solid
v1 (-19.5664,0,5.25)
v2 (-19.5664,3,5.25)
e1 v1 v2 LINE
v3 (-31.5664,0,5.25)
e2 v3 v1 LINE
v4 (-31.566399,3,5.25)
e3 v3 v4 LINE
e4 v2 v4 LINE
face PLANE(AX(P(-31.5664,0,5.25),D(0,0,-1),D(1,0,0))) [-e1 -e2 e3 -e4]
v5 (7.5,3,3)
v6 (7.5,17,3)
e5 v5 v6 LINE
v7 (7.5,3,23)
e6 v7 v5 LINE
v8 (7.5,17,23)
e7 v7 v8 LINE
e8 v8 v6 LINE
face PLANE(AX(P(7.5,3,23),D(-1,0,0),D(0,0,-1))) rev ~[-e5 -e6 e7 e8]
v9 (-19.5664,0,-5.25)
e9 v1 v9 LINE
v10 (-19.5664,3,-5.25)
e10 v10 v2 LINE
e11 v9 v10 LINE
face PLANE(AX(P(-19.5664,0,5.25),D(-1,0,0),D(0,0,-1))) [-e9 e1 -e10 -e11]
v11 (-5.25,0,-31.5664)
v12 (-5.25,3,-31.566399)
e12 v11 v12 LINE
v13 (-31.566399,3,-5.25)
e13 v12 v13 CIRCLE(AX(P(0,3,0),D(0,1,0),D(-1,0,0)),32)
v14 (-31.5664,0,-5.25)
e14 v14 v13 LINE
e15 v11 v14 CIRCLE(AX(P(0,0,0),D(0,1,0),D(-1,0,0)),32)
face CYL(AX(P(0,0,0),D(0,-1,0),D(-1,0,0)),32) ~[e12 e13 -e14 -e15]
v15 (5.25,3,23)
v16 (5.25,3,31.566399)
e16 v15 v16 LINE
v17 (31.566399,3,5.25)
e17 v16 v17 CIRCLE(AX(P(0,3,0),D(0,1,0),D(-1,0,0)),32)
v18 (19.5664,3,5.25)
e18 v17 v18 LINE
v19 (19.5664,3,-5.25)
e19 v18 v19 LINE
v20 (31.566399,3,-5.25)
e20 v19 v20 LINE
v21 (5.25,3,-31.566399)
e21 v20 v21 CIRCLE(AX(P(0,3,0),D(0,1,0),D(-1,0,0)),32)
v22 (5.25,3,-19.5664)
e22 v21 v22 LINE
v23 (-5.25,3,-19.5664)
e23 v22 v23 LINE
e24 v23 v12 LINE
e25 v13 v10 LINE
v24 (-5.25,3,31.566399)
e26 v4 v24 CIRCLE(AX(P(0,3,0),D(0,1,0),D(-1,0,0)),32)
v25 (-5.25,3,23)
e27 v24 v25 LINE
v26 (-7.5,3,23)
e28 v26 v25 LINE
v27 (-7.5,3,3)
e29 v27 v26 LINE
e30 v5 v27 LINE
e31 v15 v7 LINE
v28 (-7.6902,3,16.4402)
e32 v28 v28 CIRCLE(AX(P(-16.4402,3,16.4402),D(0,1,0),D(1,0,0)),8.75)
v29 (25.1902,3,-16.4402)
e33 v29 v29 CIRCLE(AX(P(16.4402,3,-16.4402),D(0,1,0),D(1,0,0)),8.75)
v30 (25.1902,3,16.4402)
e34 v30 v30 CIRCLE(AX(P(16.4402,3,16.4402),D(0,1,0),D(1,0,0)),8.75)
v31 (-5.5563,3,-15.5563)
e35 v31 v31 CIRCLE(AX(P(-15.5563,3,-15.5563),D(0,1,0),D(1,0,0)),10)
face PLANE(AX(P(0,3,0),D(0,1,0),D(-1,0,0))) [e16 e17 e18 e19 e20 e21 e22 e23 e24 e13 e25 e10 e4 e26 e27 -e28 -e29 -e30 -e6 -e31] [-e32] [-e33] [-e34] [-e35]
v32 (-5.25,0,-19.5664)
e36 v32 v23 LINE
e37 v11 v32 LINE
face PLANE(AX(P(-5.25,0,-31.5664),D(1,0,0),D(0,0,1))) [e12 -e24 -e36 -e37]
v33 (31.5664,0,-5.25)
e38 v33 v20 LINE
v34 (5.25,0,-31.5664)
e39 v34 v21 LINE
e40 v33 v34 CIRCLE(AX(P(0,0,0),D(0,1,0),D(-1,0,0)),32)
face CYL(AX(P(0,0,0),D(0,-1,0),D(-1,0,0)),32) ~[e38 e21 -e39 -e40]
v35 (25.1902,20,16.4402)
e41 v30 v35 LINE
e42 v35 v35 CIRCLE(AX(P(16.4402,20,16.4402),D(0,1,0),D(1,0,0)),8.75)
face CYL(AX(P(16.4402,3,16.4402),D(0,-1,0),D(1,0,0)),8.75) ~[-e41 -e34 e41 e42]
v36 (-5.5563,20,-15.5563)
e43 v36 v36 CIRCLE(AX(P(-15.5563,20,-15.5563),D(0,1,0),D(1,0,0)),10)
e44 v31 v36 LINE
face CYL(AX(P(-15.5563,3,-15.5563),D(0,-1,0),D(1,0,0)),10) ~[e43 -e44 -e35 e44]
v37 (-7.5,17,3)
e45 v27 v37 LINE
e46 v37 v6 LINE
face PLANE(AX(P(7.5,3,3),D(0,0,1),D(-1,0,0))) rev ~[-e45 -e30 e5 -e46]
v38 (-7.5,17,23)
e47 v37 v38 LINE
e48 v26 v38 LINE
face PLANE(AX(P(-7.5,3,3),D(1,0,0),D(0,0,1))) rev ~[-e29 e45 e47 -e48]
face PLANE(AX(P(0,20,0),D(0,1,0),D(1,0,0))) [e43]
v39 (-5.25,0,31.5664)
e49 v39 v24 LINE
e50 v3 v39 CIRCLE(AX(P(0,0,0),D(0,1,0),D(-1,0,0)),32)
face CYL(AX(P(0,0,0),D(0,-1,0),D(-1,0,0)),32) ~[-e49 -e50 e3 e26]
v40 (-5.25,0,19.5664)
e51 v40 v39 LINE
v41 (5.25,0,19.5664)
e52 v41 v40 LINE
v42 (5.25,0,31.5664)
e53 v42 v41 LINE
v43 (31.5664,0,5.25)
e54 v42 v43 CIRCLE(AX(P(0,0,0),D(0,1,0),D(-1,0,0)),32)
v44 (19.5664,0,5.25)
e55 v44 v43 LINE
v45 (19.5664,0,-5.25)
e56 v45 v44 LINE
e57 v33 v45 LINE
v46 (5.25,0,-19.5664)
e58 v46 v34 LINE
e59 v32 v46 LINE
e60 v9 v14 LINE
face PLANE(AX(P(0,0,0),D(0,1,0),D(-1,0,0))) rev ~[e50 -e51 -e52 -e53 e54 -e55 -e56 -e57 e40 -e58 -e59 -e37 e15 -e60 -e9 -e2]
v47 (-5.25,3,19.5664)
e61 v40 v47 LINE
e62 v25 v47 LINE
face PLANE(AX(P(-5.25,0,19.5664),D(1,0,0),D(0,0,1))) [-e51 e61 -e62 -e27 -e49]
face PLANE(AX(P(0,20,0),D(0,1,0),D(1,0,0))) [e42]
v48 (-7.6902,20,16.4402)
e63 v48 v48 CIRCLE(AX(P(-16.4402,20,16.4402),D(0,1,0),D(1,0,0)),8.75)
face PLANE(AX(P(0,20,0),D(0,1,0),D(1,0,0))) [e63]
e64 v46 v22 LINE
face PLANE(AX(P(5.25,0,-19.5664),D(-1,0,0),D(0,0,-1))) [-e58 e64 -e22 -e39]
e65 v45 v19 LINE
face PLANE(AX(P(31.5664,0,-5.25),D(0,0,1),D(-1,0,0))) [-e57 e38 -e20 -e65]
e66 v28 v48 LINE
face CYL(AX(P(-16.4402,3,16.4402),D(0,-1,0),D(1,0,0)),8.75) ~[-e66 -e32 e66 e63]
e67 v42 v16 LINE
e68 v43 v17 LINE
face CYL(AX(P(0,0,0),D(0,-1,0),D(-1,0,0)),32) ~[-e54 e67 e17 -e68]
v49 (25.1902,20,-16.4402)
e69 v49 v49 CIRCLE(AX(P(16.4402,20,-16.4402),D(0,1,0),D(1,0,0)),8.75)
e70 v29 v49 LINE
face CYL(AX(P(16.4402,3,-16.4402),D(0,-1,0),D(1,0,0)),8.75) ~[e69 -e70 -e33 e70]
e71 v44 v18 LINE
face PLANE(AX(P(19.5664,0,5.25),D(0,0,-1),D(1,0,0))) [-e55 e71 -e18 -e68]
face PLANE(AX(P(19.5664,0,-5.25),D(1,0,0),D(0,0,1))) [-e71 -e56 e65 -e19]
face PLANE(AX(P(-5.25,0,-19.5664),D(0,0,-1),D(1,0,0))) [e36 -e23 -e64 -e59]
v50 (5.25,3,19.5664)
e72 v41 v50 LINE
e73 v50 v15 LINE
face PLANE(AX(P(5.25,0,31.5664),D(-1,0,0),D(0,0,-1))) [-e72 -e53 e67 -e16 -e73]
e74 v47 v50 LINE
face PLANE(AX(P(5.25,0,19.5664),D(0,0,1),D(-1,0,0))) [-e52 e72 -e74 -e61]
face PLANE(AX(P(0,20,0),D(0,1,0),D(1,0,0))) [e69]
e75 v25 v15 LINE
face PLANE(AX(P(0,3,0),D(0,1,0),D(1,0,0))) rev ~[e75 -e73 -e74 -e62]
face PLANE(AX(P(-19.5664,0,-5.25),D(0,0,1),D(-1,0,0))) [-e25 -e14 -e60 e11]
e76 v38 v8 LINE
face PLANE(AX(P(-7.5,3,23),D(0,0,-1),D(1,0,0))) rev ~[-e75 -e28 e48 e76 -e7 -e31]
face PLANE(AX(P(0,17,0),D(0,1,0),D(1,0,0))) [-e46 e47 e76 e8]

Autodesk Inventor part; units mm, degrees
ref_plane "YZ Plane" through (0, 0, 0) normal (1, 0, 0) x (0, 1, 0)
ref_plane "XZ Plane" through (0, 0, 0) normal (0, 1, 0) x (-1, 0, 0)
ref_plane "XY Plane" through (0, 0, 0) normal (0, 0, 1) x (1, 0, 0)
sketch "Sketch4" plane through (0, 0, 0) normal (0, 1, 0) x (-1, 0, 0)
  circle A0 centre (0, 0) radius 32
  dimension "d48" = 64
extrude "Extrusion1" add sketch "Sketch4" along normal blind 3
sketch "Sketch11" plane through (0, 0, 0) normal (0, -1, 0) x (1, 0, 0)
  point P0 (0, 0)
sketch "Sketch12" plane through (0, 3, 0) normal (0, 1, 0) x (1, 0, 0)
  circle A0 centre (16.4402, -16.4402) radius 8.75
  circle A1 centre (-15.5563, 15.5563) radius 10
  circle A2 centre (-16.4402, -16.4402) radius 8.75
  circle A3 centre (16.4402, 16.4402) radius 8.75
  line L0 (0, 0) -> (-4.7389, -4.7389)
  line L1 (0, 0) -> (6.7018, 0) construction
  line L2 (0, 0) -> (4.7389, -4.7389)
  dimension "d105" = 17.5
  dimension "d106" = 20
  dimension "d107" = 17.5
  dimension "d108" = 17.5
  dimension "d109" = 135
  dimension "d110" = 23.25
  dimension "d111" = 22
  dimension "d112" = 23.25
extrude "Extrusion6" add sketch "Sketch12" along normal blind 17
sketch "Sketch13" plane through (0, 0, 0) normal (0, -1, 0) x (1, 0, 0)
  line L0 (5.25, -39.5664) -> (-5.25, -39.5664)
  line L1 (-5.25, -39.5664) -> (-5.25, -19.5664)
  line L2 (-5.25, -19.5664) -> (5.25, -19.5664)
  line L3 (5.25, -19.5664) -> (5.25, -39.5664)
  line L4 (0, 0) -> (0, -5.0055)
  arc A0 (5.25, -31.5664) -> (-5.25, -31.5664) centre (0, 0) ccw
  arc A1 (-5.25, -31.5664) -> (5.25, -31.5664) centre (0, 0) ccw
  circle A2 centre (0, 0) radius 32 projected
  line L5 (39.5664, 5.25) -> (39.5664, -5.25)
  line L6 (39.5664, -5.25) -> (19.5664, -5.25)
  line L7 (19.5664, -5.25) -> (19.5664, 5.25)
  line L8 (19.5664, 5.25) -> (39.5664, 5.25)
  arc A3 (31.5664, -5.25) -> (31.5664, 5.25) centre (0, 0) ccw
  line L9 (-5.25, 39.5664) -> (5.25, 39.5664)
  line L10 (5.25, 39.5664) -> (5.25, 19.5664)
  line L11 (5.25, 19.5664) -> (-5.25, 19.5664)
  line L12 (-5.25, 19.5664) -> (-5.25, 39.5664)
  arc A4 (5.25, 31.5664) -> (-5.25, 31.5664) centre (0, 0) ccw
  line L13 (-39.5664, -5.25) -> (-39.5664, 5.25)
  line L14 (-39.5664, 5.25) -> (-19.5664, 5.25)
  line L15 (-19.5664, 5.25) -> (-19.5664, -5.25)
  line L16 (-19.5664, -5.25) -> (-39.5664, -5.25)
  arc A5 (-31.5664, 5.25) -> (-31.5664, -5.25) centre (0, 0) ccw
  dimension "d115" = 10.5
  dimension "d116" = 20
  dimension "d117" = 12
  dimension "d118" = 0
  dimension "d121" = 360
extrude "Extrusion7" cut sketch "Sketch13" against normal blind 17 contours A1 L1 L2 L3 | L6 L7 L8 A0 | A0 L14 L15 L16 | A0 L10 L11 L12
sketch "Sketch14" plane through (0, 3, 0) normal (0, 1, 0) x (1, 0, 0)
  line L0 (7.5, -3) -> (-7.5, -3)
  line L1 (-7.5, -3) -> (-7.5, -23)
  line L2 (-7.5, -23) -> (7.5, -23)
  line L3 (7.5, -23) -> (7.5, -3)
  line L4 (0, 0) -> (0, -3.7572)
  dimension "d125" = 15
  dimension "d126" = 20
  dimension "d127" = 3
extrude "Extrusion8" add sketch "Sketch14" along normal blind 14
sketch "Sketch15" plane through (0, 17, 0) normal (0, 1, 0) x (1, 0, 0)
  point P0 (0, 0)
properties part number "Circuit"
